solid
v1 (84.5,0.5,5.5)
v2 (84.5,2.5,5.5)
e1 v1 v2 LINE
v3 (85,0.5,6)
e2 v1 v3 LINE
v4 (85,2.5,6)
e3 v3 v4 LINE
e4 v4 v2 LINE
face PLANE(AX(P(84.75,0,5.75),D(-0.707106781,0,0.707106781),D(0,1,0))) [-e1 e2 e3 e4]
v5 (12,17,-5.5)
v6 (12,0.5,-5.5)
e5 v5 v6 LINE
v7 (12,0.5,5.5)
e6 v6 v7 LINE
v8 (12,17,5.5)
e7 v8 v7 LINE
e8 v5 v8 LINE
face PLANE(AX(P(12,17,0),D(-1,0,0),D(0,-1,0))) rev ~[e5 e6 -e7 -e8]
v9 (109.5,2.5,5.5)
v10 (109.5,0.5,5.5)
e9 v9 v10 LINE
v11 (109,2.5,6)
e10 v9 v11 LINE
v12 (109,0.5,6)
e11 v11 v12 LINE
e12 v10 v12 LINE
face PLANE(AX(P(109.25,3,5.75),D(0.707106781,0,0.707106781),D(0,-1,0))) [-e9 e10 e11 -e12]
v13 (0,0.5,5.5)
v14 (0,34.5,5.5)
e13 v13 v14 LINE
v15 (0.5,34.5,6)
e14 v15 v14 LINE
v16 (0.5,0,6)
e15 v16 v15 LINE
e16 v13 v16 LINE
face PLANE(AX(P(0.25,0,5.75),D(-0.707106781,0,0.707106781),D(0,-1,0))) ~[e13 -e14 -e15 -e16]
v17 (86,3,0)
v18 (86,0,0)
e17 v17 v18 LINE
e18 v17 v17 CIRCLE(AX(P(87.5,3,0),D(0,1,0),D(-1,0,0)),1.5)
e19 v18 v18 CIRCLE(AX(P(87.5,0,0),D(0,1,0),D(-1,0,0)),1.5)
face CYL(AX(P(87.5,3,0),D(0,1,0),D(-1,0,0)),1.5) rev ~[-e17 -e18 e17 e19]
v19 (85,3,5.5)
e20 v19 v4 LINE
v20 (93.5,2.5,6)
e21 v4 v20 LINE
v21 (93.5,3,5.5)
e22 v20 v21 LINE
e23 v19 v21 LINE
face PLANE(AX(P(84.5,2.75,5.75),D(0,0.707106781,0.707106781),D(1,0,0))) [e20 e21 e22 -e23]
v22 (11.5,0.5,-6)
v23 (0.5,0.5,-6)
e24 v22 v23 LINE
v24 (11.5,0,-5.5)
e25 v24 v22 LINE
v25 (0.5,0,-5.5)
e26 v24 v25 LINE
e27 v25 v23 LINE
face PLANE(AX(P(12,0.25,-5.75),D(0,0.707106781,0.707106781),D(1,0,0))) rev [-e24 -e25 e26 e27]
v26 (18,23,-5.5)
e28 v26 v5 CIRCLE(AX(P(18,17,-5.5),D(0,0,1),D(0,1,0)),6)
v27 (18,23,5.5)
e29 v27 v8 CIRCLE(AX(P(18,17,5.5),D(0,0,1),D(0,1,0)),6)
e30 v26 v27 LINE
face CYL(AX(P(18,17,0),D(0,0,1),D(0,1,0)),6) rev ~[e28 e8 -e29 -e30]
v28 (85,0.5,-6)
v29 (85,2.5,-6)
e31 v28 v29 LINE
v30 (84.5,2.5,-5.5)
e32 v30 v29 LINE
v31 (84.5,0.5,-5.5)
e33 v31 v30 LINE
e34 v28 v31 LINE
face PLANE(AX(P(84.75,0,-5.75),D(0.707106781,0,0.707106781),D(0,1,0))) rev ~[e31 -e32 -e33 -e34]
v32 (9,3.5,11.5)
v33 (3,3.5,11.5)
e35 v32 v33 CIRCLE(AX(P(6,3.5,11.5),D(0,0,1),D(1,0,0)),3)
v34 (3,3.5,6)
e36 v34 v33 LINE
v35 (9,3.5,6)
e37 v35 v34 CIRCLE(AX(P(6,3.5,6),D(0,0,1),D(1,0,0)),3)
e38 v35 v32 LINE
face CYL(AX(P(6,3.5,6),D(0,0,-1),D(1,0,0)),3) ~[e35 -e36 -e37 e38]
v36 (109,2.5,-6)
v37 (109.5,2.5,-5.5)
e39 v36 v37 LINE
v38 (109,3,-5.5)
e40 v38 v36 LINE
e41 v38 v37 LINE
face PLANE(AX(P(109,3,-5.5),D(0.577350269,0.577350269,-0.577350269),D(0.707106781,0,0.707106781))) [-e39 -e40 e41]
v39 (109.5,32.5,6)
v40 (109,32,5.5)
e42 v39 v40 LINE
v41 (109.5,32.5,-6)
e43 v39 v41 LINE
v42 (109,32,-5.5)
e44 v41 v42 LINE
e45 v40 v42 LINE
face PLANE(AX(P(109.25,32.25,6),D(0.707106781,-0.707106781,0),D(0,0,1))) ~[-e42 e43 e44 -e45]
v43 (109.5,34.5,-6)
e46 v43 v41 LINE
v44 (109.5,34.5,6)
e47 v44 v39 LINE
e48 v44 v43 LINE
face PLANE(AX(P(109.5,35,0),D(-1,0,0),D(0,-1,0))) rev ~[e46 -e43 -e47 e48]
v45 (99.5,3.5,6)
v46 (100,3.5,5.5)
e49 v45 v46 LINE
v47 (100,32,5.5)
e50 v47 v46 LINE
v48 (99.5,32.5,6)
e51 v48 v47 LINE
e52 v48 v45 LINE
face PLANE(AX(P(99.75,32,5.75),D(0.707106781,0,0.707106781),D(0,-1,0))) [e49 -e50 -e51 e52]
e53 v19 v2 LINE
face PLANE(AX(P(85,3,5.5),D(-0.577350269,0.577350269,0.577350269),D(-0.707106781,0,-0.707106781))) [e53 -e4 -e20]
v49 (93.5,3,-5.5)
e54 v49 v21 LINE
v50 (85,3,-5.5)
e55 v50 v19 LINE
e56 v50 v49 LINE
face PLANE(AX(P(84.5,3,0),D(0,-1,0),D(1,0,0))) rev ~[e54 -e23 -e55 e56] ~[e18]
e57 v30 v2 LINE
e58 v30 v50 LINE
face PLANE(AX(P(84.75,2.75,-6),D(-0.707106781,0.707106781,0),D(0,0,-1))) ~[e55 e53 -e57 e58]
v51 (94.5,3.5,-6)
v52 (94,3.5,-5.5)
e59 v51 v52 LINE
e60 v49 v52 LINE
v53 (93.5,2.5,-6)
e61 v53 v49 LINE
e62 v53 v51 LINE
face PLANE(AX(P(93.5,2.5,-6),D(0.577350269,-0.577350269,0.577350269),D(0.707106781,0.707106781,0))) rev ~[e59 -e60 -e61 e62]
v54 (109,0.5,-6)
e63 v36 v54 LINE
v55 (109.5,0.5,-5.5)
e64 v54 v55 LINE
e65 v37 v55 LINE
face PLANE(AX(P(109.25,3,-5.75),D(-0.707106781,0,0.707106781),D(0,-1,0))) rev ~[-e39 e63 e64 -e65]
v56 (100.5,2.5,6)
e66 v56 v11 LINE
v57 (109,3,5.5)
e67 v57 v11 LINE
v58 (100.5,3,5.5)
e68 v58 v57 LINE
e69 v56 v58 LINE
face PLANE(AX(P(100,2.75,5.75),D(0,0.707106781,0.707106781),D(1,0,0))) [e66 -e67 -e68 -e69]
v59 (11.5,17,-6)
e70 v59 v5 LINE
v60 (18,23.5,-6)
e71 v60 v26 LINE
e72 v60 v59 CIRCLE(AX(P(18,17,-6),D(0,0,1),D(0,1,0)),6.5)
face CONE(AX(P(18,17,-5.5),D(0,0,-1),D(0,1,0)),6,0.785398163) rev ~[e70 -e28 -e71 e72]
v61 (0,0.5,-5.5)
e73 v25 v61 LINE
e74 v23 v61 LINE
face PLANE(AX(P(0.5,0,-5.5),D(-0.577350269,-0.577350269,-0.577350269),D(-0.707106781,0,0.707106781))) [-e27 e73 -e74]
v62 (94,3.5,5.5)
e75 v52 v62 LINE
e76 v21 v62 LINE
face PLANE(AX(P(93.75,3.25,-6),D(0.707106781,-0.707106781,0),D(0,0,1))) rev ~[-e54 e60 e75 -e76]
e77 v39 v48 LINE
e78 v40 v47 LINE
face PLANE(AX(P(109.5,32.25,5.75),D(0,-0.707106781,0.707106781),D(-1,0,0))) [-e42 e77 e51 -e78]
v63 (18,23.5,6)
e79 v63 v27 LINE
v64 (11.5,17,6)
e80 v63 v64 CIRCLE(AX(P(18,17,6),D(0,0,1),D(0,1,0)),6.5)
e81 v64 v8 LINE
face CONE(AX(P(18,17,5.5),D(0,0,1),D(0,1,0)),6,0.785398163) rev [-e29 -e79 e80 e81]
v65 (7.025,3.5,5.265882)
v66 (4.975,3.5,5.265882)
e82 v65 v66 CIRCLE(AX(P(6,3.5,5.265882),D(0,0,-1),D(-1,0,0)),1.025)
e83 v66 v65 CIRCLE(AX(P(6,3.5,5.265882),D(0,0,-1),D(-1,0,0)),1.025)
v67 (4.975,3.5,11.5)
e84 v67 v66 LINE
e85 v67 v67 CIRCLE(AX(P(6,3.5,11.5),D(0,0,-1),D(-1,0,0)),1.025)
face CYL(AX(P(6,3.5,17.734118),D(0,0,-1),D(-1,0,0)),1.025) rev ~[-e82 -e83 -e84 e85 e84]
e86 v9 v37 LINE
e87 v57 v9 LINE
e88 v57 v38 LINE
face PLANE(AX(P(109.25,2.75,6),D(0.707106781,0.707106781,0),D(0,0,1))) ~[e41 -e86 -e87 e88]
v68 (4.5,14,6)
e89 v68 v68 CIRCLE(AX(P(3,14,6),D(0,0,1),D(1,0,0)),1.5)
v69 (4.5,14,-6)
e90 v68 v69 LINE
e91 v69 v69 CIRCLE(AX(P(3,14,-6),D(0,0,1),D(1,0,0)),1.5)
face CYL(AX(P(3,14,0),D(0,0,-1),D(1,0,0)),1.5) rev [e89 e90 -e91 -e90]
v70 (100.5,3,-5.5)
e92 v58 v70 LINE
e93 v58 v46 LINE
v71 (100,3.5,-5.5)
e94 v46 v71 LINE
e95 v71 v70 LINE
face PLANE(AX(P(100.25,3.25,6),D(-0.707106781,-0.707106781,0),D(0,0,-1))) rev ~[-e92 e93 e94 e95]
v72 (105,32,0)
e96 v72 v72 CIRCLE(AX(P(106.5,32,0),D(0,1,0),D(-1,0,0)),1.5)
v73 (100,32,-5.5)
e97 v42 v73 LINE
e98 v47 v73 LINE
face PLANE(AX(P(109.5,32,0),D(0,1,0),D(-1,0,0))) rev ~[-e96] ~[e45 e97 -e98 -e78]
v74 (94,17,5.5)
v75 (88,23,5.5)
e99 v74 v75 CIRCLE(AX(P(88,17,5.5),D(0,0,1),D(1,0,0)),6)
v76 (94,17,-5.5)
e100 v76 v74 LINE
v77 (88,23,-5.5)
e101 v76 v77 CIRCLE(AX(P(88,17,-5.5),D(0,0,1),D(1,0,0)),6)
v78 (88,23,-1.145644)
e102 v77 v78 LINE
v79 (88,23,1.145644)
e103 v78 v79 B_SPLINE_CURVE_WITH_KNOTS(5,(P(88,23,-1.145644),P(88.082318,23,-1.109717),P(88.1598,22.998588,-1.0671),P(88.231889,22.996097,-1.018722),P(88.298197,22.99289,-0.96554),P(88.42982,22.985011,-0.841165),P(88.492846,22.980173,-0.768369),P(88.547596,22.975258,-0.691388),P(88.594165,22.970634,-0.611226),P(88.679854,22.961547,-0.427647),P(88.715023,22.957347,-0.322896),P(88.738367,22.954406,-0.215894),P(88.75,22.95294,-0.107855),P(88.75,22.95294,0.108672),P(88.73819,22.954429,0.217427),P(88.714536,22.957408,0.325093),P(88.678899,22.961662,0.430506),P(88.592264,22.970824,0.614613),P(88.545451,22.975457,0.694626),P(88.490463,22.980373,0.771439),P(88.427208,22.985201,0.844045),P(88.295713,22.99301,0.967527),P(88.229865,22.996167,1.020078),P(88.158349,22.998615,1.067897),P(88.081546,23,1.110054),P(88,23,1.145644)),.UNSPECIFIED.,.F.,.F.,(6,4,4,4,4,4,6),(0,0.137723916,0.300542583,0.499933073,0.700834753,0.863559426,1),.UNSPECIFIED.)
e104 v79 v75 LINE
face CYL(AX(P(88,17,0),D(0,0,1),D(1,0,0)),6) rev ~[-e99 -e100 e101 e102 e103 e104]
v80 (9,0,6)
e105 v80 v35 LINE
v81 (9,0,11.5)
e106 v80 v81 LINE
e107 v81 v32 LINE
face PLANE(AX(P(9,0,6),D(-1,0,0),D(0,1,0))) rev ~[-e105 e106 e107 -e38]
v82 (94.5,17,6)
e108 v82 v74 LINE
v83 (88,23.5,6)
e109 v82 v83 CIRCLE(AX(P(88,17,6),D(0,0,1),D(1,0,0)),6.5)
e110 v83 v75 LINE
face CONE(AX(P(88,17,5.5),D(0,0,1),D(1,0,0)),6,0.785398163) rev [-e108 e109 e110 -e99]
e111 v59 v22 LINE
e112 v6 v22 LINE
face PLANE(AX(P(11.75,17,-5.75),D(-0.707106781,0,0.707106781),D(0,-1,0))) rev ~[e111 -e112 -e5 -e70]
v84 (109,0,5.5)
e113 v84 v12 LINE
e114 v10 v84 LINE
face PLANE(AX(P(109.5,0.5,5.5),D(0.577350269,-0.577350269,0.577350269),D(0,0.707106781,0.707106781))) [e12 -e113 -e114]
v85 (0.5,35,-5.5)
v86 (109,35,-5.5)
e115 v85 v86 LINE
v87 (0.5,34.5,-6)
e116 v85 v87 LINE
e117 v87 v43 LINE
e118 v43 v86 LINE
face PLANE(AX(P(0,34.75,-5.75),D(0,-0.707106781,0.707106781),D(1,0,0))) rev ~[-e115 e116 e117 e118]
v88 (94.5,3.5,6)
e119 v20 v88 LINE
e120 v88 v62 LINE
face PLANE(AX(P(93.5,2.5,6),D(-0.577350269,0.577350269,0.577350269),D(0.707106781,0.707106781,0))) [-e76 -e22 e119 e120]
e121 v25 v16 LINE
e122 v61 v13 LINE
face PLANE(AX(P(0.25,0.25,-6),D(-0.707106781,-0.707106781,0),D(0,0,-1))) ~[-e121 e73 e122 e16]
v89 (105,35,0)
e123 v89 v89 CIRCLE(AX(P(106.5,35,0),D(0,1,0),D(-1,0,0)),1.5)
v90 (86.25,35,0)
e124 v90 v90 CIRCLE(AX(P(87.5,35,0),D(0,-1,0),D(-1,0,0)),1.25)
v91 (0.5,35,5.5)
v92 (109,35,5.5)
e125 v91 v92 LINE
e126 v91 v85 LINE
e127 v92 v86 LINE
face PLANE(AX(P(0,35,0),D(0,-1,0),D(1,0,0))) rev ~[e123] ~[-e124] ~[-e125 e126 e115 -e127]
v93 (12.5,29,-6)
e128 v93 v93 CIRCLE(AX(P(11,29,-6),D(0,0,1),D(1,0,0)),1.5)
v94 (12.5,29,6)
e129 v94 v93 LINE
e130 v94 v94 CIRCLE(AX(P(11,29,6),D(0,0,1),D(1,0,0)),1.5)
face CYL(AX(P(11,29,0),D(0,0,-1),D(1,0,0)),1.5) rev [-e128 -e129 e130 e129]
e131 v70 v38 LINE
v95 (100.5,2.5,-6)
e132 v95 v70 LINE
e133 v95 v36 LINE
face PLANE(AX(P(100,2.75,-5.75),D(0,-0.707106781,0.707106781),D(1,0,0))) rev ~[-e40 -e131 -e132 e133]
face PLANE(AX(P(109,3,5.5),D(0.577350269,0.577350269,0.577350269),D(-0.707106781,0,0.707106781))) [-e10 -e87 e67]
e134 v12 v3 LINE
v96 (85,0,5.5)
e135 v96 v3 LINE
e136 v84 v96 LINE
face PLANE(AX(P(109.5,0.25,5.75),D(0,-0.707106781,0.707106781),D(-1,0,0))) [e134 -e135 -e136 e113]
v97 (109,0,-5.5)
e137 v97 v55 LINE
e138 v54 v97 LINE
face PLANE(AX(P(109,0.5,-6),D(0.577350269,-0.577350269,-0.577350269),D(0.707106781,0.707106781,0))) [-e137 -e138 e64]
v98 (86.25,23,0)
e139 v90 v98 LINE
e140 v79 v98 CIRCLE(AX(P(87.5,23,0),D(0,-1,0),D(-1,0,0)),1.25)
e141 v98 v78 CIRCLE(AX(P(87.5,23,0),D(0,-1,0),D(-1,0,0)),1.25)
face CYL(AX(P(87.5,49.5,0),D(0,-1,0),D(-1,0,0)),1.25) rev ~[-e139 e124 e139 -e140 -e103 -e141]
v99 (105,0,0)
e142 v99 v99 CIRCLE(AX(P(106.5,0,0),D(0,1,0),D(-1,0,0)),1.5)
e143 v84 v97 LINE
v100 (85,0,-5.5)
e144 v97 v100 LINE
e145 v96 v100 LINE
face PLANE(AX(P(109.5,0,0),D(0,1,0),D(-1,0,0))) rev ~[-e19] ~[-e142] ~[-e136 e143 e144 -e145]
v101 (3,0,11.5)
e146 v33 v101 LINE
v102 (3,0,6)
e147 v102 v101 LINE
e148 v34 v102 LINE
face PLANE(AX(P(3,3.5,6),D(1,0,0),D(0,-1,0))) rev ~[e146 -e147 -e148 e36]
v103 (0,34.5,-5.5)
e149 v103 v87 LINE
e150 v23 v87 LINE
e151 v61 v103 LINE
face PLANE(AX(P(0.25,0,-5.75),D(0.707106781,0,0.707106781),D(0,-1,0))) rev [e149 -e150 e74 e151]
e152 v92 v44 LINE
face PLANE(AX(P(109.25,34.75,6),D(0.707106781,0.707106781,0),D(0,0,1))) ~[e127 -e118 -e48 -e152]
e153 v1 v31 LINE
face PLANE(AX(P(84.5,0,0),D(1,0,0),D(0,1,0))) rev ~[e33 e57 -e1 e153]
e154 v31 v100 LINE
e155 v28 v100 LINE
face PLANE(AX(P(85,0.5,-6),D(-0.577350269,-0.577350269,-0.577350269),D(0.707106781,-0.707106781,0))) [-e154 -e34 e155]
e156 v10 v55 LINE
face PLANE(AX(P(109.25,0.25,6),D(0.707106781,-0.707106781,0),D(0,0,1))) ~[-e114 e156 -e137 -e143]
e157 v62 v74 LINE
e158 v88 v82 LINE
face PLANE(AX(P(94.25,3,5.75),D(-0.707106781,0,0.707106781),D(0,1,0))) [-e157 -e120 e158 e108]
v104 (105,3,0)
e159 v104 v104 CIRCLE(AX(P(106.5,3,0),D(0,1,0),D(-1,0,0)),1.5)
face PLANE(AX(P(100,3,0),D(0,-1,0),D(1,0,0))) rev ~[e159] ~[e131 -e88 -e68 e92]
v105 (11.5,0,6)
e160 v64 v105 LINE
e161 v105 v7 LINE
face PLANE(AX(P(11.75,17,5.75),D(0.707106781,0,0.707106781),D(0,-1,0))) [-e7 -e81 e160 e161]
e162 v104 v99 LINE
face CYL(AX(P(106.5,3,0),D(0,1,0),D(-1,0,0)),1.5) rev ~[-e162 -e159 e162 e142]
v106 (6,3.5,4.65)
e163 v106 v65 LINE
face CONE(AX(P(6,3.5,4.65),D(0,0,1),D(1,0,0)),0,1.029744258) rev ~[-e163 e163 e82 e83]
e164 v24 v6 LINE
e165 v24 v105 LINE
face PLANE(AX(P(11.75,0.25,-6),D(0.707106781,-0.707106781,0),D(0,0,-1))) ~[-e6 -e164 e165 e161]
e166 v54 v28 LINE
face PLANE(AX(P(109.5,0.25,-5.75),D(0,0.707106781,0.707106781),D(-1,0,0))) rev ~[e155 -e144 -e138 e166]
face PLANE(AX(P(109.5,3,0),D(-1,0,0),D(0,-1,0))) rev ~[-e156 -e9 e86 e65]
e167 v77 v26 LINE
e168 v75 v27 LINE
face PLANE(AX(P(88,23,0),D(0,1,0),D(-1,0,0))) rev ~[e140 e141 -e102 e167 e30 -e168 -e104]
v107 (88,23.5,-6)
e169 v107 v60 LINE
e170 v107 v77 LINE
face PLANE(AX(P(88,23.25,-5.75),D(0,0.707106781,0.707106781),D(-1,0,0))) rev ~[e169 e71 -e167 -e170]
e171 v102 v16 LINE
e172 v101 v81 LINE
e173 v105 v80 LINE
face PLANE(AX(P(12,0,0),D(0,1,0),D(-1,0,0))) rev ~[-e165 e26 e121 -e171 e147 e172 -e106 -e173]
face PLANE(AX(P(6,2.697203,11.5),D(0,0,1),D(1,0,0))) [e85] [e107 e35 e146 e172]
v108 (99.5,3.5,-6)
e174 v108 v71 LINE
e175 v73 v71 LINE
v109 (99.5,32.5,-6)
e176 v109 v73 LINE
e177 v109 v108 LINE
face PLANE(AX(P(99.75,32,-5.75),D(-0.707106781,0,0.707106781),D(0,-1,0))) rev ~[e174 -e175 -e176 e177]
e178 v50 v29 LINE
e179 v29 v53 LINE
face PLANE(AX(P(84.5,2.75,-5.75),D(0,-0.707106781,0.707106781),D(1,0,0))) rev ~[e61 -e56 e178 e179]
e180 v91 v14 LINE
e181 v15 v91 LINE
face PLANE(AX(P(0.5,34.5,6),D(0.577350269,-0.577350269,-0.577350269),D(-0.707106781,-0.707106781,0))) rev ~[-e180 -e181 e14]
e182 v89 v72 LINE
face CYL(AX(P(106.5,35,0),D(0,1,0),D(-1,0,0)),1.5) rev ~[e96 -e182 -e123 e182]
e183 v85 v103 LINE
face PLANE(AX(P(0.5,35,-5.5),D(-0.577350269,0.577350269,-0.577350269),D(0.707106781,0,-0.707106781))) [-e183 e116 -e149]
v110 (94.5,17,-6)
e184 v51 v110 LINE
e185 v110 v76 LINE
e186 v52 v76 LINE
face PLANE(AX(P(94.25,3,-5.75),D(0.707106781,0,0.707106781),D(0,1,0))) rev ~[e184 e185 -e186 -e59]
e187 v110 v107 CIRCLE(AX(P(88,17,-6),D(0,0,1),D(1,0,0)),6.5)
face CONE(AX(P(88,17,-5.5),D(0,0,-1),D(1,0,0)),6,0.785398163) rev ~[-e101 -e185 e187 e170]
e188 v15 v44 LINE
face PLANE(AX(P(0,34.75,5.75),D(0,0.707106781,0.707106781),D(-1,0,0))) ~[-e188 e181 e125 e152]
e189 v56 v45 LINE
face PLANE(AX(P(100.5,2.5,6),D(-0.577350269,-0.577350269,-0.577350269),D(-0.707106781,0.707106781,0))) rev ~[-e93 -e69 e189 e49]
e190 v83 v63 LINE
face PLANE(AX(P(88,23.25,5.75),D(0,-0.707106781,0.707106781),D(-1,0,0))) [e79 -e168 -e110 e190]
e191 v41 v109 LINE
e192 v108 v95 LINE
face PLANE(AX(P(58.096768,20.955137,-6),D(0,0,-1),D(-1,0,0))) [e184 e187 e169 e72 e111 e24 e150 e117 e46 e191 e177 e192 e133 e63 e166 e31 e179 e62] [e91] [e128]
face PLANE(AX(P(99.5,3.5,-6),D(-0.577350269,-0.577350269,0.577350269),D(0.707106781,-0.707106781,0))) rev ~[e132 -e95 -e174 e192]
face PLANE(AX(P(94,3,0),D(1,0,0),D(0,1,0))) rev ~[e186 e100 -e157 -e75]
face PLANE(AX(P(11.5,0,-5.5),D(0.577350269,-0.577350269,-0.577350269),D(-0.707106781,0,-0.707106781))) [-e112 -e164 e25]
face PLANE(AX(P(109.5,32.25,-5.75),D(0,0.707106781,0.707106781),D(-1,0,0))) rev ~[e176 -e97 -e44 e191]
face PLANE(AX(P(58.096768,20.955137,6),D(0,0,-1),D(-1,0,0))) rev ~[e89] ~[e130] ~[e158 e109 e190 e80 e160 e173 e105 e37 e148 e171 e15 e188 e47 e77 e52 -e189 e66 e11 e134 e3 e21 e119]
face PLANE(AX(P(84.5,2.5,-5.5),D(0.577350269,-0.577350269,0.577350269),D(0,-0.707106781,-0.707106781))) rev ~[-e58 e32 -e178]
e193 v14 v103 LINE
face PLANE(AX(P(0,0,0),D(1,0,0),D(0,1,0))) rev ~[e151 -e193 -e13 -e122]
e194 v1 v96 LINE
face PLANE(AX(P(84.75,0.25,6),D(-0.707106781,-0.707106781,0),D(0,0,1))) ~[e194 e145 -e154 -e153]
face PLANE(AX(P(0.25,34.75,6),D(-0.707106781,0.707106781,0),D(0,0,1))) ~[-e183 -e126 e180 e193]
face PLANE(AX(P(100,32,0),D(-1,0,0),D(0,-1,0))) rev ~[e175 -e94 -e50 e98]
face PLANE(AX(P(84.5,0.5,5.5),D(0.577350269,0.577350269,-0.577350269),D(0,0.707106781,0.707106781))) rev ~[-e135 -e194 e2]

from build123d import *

# Parameters (mm, degrees)
SKETCH1_R                    = 1.5
BOSS_EXTRUDE1_DEPTH          = 6
BOSS_EXTRUDE2_DEPTH          = 5.5
M2_5X0_45_TAPPED_HOLE1_D     = 2.05
M2_5X0_45_TAPPED_HOLE1_DEPTH = 6.234117865
M2_5X0_45_TAPPED_HOLE1_TIP   = 0.615882135
CUT_EXTRUDE1_REACH           = 116.658
SKETCH6_R                    = 1.5
CUT_EXTRUDE2_REACH           = 117.531
SKETCH7_R                    = 1.5
M3X0_5_TAPPED_HOLE1_D        = 2.5
M3X0_5_TAPPED_HOLE1_DEPTH    = 14.5
M3X0_5_TAPPED_HOLE1_TIP      = 0.751075774
CHAMFER1_SIZE                = 0.5


with BuildPart() as part:
    # Sketch1 → Boss-Extrude1 (new, symmetric)
    with BuildSketch(Plane.XY):
        with BuildLine():
            Line((0, 0), (0, 35))
            Line((0, 35), (109.5, 35))
            Line((109.5, 35), (109.5, 32))
            Line((109.5, 32), (100, 32))
            Line((100, 32), (100, 3))
            Line((100, 3), (109.5, 3))
            Line((109.5, 3), (109.5, 0))
            Line((109.5, 0), (84.5, 0))
            Line((84.5, 0), (84.5, 3))
            Line((84.5, 3), (94, 3))
            Line((94, 3), (94, 17))
            ThreePointArc((94, 17), (92.242640687, 21.242640687), (88, 23))
            Line((88, 23), (18, 23))
            ThreePointArc((18, 23), (13.757359313, 21.242640687), (12, 17))
            Line((12, 17), (12, 0))
            Line((12, 0), (0, 0))
        make_face()
        with Locations((11, 29)):
            Circle(SKETCH1_R, mode=Mode.SUBTRACT)
        with Locations((3, 14)):
            Circle(SKETCH1_R, mode=Mode.SUBTRACT)
    extrude(amount=BOSS_EXTRUDE1_DEPTH, both=True)

    # Sketch2 → Boss-Extrude2 (add)
    with BuildSketch(Plane.XY.offset(6)):
        with BuildLine():
            Line((3, 3.5), (3, 0))
            Line((3, 0), (9, 0))
            Line((9, 0), (9, 3.5))
            ThreePointArc((9, 3.5), (6, 6.5), (3, 3.5))
        make_face()
    extrude(amount=BOSS_EXTRUDE2_DEPTH)

    # M2.5x0.45 Tapped Hole1
    with Locations(Plane.XY.offset(11.5)):
        with Locations((6, 3.5)):
            Hole(M2_5X0_45_TAPPED_HOLE1_D / 2, depth=M2_5X0_45_TAPPED_HOLE1_DEPTH)
            with Locations((0, 0, -(M2_5X0_45_TAPPED_HOLE1_DEPTH + M2_5X0_45_TAPPED_HOLE1_TIP / 2))):  # 118° drill point
                Cone(0, M2_5X0_45_TAPPED_HOLE1_D / 2, M2_5X0_45_TAPPED_HOLE1_TIP, mode=Mode.SUBTRACT)

    # Sketch6 → Cut-Extrude1 (cut, up to next)
    with BuildSketch(Plane(origin=(0, 3, 0), x_dir=(1, 0, 0), z_dir=(0, 1, 0)), mode=Mode.PRIVATE) as cut_extrude1_sk1:
        with Locations(Location((87.5, 0, 0), (0, 0, 180))):
            Circle(SKETCH6_R)
    cut_extrude1_tool1 = extrude(cut_extrude1_sk1.sketch, amount=-CUT_EXTRUDE1_REACH, mode=Mode.PRIVATE) & part.part
    # Sketch6 → Cut-Extrude1 (cut, up to next)
    with BuildSketch(Plane(origin=(0, 3, 0), x_dir=(1, 0, 0), z_dir=(0, 1, 0)), mode=Mode.PRIVATE) as cut_extrude1_sk2:
        with Locations(Location((106.5, 0, 0), (0, 0, 180))):
            Circle(SKETCH6_R)
    cut_extrude1_tool2 = extrude(cut_extrude1_sk2.sketch, amount=-CUT_EXTRUDE1_REACH, mode=Mode.PRIVATE) & part.part
    add(cut_extrude1_tool1.solids().sort_by_distance((87.5, 3, 0))[0], mode=Mode.SUBTRACT)
    add(cut_extrude1_tool2.solids().sort_by_distance((106.5, 3, 0))[0], mode=Mode.SUBTRACT)

    # Sketch7 → Cut-Extrude2 (cut, up to next)
    with BuildSketch(Plane(origin=(0, 35, 0), x_dir=(1, 0, 0), z_dir=(0, 1, 0)), mode=Mode.PRIVATE) as cut_extrude2_sk1:
        with Locations(Location((106.5, 0, 0), (0, 0, 180))):
            Circle(SKETCH7_R)
    cut_extrude2_tool1 = extrude(cut_extrude2_sk1.sketch, amount=-CUT_EXTRUDE2_REACH, mode=Mode.PRIVATE) & part.part
    add(cut_extrude2_tool1.solids().sort_by_distance((106.5, 35, 0))[0], mode=Mode.SUBTRACT)

    # M3x0.5 Tapped Hole1
    with Locations(Plane(origin=(0, 35, 0), x_dir=(1, 0, 0), z_dir=(0, 1, 0))):
        with Locations((87.5, 0)):
            Hole(M3X0_5_TAPPED_HOLE1_D / 2, depth=M3X0_5_TAPPED_HOLE1_DEPTH)
            with Locations((0, 0, -(M3X0_5_TAPPED_HOLE1_DEPTH + M3X0_5_TAPPED_HOLE1_TIP / 2))):  # 118° drill point
                Cone(0, M3X0_5_TAPPED_HOLE1_D / 2, M3X0_5_TAPPED_HOLE1_TIP, mode=Mode.SUBTRACT)

    # Chamfer1
    chamfer1_edges = [part.edges().sort_by_distance(p)[0] for p in [
        (12, 8.5, -6),
        (12, 8.5, 6),
        (13.757359313, 21.242640687, -6),
        (13.757359313, 21.242640687, 6),
        (53, 23, -6),
        (53, 23, 6),
        (92.242640687, 21.242640687, -6),
        (92.242640687, 21.242640687, 6),
        (97, 0, 6),
        (109.5, 0, 0),
        (84.5, 0, 0),
        (94, 3, 0),
        (94, 10, -6),
        (89.25, 3, -6),
        (84.5, 1.5, 6),
        (94, 10, 6),
        (89.25, 3, 6),
        (84.5, 3, 0),
        (84.5, 1.5, -6),
        (97, 0, -6),
        (100, 3, 0),
        (109.5, 1.5, 6),
        (109.5, 1.5, -6),
        (104.75, 32, -6),
        (109.5, 32, 0),
        (104.75, 32, 6),
        (100, 17.5, -6),
        (104.75, 3, -6),
        (109.5, 3, 0),
        (104.75, 3, 6),
        (100, 17.5, 6),
        (0, 17.5, -6),
        (12, 0, 0),
        (6, 0, -6),
        (0, 35, 0),
        (0, 0, 0),
        (54.75, 35, -6),
        (109.5, 35, 0),
        (54.75, 35, 6),
        (0, 17.5, 6),
    ]]
    chamfer(chamfer1_edges, length=CHAMFER1_SIZE)


solid = part.part
